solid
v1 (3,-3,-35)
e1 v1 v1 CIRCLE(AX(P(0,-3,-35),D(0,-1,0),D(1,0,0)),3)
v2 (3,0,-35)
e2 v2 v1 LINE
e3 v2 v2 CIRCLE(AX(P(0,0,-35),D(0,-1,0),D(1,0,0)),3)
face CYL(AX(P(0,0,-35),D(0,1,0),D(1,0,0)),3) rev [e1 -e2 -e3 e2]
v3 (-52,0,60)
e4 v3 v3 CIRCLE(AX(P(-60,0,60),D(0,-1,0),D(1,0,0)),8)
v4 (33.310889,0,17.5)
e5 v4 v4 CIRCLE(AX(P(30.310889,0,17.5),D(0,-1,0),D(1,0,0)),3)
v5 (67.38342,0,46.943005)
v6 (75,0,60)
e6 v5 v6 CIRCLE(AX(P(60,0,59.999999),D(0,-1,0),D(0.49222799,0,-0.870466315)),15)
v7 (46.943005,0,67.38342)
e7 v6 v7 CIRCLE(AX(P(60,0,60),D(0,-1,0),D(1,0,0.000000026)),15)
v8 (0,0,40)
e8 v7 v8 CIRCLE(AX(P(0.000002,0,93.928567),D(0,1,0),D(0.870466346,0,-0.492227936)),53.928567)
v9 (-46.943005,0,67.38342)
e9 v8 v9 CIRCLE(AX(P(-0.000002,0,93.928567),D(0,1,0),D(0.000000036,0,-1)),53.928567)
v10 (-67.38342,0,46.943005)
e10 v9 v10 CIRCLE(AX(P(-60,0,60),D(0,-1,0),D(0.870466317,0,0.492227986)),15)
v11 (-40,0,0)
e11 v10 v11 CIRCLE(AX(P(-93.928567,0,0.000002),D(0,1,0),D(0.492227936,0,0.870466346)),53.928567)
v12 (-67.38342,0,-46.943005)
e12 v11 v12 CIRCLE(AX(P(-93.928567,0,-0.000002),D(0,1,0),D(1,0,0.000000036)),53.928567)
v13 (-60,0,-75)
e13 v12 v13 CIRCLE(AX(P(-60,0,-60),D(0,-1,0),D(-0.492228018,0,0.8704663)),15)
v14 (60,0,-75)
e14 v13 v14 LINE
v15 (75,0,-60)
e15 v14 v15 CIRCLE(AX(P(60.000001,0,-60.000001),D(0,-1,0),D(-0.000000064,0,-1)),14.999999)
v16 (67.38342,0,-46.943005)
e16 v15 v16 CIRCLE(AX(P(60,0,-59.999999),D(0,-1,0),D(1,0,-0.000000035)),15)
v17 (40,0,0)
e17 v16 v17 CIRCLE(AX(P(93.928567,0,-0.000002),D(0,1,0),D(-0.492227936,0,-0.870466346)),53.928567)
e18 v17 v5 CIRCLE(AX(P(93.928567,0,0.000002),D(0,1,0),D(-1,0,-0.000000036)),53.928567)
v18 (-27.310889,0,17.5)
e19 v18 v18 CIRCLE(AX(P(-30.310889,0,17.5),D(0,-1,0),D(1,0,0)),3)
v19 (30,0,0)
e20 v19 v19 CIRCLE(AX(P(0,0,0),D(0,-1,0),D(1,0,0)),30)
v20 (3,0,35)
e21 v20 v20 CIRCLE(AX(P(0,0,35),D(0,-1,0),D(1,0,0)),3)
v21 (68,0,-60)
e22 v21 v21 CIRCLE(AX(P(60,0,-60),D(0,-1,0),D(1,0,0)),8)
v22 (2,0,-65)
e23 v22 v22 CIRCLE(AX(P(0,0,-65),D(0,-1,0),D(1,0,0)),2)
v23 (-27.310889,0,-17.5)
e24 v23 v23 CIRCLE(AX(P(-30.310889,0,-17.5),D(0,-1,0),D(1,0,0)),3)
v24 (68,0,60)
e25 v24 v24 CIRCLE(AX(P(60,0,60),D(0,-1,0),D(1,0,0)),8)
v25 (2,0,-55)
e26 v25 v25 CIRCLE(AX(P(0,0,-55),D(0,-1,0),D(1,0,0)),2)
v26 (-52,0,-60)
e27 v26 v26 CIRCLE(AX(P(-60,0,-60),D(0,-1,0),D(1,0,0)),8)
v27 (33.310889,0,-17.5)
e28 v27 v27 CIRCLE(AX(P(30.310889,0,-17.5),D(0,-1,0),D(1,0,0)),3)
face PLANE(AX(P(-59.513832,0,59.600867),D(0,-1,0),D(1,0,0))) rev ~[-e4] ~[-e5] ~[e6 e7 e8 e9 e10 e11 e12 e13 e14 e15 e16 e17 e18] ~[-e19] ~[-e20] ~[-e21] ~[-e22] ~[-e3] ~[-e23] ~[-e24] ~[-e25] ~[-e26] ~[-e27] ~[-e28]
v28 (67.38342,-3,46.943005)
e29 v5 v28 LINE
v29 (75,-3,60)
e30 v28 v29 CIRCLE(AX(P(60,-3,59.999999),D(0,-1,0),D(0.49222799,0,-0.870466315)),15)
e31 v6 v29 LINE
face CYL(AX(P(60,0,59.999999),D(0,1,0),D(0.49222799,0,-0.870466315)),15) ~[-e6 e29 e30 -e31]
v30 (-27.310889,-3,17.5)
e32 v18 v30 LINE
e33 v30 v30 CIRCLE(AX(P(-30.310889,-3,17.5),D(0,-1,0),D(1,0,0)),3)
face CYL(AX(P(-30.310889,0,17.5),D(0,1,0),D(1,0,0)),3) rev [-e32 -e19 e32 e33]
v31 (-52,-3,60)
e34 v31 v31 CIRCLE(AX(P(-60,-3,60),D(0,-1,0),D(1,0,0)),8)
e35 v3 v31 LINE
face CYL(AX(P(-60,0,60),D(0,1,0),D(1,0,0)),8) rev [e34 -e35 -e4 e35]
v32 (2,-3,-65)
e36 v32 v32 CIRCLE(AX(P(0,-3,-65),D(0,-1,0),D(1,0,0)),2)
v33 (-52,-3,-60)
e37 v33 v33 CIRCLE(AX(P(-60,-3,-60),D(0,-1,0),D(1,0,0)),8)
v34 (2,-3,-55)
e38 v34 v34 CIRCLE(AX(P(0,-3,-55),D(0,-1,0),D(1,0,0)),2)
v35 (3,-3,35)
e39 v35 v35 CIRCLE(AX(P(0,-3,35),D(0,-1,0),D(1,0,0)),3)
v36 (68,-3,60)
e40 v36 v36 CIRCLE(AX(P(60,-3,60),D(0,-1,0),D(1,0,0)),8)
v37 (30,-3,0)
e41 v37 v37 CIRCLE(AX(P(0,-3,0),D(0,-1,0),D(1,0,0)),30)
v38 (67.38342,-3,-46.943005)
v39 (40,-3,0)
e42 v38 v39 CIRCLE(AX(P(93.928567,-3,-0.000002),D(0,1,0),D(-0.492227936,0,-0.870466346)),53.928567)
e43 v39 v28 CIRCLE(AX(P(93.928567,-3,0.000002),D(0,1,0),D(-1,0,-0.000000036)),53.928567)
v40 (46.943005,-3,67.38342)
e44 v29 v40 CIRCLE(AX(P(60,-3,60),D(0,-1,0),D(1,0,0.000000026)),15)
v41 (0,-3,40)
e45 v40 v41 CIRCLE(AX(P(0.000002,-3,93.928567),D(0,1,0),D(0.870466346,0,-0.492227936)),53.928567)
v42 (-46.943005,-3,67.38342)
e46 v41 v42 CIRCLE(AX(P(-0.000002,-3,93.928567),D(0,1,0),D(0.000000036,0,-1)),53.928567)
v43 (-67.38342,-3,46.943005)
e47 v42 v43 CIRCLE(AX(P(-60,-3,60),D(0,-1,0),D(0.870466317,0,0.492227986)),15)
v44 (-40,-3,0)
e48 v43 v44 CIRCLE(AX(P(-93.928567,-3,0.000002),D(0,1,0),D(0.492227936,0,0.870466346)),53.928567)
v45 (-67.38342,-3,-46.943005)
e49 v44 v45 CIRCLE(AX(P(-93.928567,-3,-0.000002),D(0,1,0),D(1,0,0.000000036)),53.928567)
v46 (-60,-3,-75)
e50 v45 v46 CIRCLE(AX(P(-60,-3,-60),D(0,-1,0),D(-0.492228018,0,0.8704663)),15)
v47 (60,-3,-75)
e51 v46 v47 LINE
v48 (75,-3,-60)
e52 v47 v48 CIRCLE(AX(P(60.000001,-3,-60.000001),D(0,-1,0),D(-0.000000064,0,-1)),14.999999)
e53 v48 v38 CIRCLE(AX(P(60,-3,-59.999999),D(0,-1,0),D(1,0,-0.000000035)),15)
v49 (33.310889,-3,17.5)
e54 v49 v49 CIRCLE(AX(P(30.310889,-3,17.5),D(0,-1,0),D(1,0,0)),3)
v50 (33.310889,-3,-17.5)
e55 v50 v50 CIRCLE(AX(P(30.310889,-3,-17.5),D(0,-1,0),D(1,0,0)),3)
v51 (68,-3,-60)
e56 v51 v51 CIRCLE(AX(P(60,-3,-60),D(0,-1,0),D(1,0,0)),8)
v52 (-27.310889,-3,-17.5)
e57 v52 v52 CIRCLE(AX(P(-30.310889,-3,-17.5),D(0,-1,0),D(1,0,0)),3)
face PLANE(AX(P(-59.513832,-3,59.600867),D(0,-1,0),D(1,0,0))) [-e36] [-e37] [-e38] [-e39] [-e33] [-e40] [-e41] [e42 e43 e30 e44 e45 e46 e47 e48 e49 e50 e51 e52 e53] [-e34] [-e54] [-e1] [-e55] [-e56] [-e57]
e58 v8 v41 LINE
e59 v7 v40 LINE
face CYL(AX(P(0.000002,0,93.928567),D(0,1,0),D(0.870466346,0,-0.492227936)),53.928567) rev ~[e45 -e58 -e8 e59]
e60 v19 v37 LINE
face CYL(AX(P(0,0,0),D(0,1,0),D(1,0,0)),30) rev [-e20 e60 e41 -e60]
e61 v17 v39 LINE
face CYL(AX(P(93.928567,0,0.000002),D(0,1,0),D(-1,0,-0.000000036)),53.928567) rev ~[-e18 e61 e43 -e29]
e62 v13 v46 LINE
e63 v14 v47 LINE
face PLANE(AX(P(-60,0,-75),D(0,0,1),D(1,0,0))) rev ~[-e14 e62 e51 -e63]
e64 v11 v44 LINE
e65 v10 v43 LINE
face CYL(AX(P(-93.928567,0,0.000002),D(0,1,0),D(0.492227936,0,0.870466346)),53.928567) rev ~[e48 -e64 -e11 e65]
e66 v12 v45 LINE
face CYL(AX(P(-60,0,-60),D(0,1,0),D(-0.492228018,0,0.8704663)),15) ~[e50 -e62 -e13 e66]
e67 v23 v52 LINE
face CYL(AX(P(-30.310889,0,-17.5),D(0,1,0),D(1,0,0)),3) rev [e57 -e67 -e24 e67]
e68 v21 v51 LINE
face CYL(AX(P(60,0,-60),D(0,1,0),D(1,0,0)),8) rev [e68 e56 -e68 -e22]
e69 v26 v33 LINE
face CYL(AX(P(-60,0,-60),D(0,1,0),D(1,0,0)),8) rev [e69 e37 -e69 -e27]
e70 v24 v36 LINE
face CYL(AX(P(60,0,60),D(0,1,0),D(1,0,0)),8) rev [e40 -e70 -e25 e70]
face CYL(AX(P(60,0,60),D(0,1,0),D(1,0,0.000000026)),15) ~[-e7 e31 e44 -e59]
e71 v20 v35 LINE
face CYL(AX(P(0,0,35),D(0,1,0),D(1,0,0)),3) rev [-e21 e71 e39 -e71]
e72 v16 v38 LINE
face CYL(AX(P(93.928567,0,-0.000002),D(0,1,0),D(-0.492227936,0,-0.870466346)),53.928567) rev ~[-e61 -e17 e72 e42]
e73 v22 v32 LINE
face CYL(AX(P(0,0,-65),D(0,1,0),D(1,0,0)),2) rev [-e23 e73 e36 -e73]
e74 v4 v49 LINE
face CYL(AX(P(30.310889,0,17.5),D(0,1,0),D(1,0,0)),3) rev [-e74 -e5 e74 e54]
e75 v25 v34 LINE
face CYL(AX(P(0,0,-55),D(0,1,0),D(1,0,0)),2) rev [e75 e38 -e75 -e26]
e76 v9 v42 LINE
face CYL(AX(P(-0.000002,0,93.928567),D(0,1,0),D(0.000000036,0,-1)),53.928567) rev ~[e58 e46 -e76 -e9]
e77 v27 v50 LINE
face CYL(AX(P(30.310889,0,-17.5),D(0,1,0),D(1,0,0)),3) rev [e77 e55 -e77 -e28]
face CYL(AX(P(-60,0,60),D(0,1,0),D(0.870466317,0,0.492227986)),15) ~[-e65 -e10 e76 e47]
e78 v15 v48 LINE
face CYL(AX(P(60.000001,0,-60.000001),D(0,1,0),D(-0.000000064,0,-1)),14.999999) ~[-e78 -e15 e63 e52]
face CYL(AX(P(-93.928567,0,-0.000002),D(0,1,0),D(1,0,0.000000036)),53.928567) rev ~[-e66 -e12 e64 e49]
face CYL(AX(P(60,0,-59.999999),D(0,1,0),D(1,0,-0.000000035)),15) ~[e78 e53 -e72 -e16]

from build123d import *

# Parameters (mm, degrees)
F0_R     = 8
F0_R_2   = 3
F0_R_3   = 30
F0_R_4   = 2
F1_DEPTH = 3


with BuildPart() as f1:
    # F0 (on Front) → F1 (new body)
    with BuildSketch(Plane.XZ):
        with BuildLine():
            ThreePointArc((-45, 60), (-45.493882, 63.817399), (-46.943005, 67.38342))
            ThreePointArc((-46.943005, 67.38342), (-70.606602, 70.606602), (-67.38342, 46.943005))
            ThreePointArc((-67.38342, 46.943005), (-52.441935, 47.043316), (-45, 60))
        make_face()
        with Locations((-60, 60)):
            Circle(F0_R, mode=Mode.SUBTRACT)
        with BuildLine():
            ThreePointArc((-40, 0), (-28.284271, 28.284271), (0, 40))
            ThreePointArc((0, 40), (-27.173045, 47.346209), (-46.943005, 67.38342))
            ThreePointArc((-46.943005, 67.38342), (-45.493882, 63.817399), (-45, 60))
            ThreePointArc((-45, 60), (-52.441935, 47.043316), (-67.38342, 46.943005))
            ThreePointArc((-67.38342, 46.943005), (-47.346209, 27.173045), (-40, 0))
        make_face()
        with BuildLine():
            ThreePointArc((-40, 0), (0, -40), (40, 0))
            ThreePointArc((40, 0), (28.284271, 28.284271), (0, 40))
            ThreePointArc((0, 40), (-28.284271, 28.284271), (-40, 0))
        make_face()
        with Locations((-30.310889, -17.5)):
            Circle(F0_R_2, mode=Mode.SUBTRACT)
        with Locations((0, -35)):
            Circle(F0_R_2, mode=Mode.SUBTRACT)
        with Locations((30.310889, -17.5)):
            Circle(F0_R_2, mode=Mode.SUBTRACT)
        with Locations((-30.310889, 17.5)):
            Circle(F0_R_2, mode=Mode.SUBTRACT)
        Circle(F0_R_3, mode=Mode.SUBTRACT)
        with Locations((30.310889, 17.5)):
            Circle(F0_R_2, mode=Mode.SUBTRACT)
        with Locations((0, 35)):
            Circle(F0_R_2, mode=Mode.SUBTRACT)
        with BuildLine():
            ThreePointArc((0, 40), (28.284271, 28.284271), (40, 0))
            ThreePointArc((40, 0), (47.346209, 27.173045), (67.38342, 46.943005))
            ThreePointArc((67.38342, 46.943005), (49.393398, 49.393398), (46.943005, 67.38342))
            ThreePointArc((46.943005, 67.38342), (27.173045, 47.346209), (0, 40))
        make_face()
        with BuildLine():
            ThreePointArc((46.943005, 67.38342), (49.393398, 49.393398), (67.38342, 46.943005))
            ThreePointArc((67.38342, 46.943005), (72.956684, 52.441935), (75, 60))
            ThreePointArc((75, 60), (63.817399, 74.506118), (46.943005, 67.38342))
        make_face()
        with Locations((60, 60)):
            Circle(F0_R, mode=Mode.SUBTRACT)
        with BuildLine():
            ThreePointArc((67.38342, -46.943005), (47.346209, -27.173045), (40, 0))
            ThreePointArc((40, 0), (0, -40), (-40, 0))
            ThreePointArc((-40, 0), (-47.346209, -27.173045), (-67.38342, -46.943005))
            ThreePointArc((-67.38342, -46.943005), (-52.441935, -47.043316), (-45, -60))
            ThreePointArc((-45, -60), (-49.393398, -70.606602), (-60, -75))
            Line((-60, -75), (60, -75))
            ThreePointArc((60, -75), (45.493882, -56.182601), (67.38342, -46.943005))
        make_face()
        with Locations((0, -65)):
            Circle(F0_R_4, mode=Mode.SUBTRACT)
        with Locations((0, -55)):
            Circle(F0_R_4, mode=Mode.SUBTRACT)
        with BuildLine():
            ThreePointArc((-45, -60), (-52.441935, -47.043316), (-67.38342, -46.943005))
            ThreePointArc((-67.38342, -46.943005), (-74.506118, -63.817399), (-60, -75))
            ThreePointArc((-60, -75), (-49.393398, -70.606602), (-45, -60))
        make_face()
        with Locations((-60, -60)):
            Circle(F0_R, mode=Mode.SUBTRACT)
        with BuildLine():
            ThreePointArc((75, -60), (72.956684, -52.441935), (67.38342, -46.943005))
            ThreePointArc((67.38342, -46.943005), (45.493882, -56.182601), (60, -75))
            ThreePointArc((60, -75), (70.606602, -70.606602), (75, -60))
        make_face()
        with Locations((60, -60)):
            Circle(F0_R, mode=Mode.SUBTRACT)
    extrude(amount=F1_DEPTH)


solid = f1.part
